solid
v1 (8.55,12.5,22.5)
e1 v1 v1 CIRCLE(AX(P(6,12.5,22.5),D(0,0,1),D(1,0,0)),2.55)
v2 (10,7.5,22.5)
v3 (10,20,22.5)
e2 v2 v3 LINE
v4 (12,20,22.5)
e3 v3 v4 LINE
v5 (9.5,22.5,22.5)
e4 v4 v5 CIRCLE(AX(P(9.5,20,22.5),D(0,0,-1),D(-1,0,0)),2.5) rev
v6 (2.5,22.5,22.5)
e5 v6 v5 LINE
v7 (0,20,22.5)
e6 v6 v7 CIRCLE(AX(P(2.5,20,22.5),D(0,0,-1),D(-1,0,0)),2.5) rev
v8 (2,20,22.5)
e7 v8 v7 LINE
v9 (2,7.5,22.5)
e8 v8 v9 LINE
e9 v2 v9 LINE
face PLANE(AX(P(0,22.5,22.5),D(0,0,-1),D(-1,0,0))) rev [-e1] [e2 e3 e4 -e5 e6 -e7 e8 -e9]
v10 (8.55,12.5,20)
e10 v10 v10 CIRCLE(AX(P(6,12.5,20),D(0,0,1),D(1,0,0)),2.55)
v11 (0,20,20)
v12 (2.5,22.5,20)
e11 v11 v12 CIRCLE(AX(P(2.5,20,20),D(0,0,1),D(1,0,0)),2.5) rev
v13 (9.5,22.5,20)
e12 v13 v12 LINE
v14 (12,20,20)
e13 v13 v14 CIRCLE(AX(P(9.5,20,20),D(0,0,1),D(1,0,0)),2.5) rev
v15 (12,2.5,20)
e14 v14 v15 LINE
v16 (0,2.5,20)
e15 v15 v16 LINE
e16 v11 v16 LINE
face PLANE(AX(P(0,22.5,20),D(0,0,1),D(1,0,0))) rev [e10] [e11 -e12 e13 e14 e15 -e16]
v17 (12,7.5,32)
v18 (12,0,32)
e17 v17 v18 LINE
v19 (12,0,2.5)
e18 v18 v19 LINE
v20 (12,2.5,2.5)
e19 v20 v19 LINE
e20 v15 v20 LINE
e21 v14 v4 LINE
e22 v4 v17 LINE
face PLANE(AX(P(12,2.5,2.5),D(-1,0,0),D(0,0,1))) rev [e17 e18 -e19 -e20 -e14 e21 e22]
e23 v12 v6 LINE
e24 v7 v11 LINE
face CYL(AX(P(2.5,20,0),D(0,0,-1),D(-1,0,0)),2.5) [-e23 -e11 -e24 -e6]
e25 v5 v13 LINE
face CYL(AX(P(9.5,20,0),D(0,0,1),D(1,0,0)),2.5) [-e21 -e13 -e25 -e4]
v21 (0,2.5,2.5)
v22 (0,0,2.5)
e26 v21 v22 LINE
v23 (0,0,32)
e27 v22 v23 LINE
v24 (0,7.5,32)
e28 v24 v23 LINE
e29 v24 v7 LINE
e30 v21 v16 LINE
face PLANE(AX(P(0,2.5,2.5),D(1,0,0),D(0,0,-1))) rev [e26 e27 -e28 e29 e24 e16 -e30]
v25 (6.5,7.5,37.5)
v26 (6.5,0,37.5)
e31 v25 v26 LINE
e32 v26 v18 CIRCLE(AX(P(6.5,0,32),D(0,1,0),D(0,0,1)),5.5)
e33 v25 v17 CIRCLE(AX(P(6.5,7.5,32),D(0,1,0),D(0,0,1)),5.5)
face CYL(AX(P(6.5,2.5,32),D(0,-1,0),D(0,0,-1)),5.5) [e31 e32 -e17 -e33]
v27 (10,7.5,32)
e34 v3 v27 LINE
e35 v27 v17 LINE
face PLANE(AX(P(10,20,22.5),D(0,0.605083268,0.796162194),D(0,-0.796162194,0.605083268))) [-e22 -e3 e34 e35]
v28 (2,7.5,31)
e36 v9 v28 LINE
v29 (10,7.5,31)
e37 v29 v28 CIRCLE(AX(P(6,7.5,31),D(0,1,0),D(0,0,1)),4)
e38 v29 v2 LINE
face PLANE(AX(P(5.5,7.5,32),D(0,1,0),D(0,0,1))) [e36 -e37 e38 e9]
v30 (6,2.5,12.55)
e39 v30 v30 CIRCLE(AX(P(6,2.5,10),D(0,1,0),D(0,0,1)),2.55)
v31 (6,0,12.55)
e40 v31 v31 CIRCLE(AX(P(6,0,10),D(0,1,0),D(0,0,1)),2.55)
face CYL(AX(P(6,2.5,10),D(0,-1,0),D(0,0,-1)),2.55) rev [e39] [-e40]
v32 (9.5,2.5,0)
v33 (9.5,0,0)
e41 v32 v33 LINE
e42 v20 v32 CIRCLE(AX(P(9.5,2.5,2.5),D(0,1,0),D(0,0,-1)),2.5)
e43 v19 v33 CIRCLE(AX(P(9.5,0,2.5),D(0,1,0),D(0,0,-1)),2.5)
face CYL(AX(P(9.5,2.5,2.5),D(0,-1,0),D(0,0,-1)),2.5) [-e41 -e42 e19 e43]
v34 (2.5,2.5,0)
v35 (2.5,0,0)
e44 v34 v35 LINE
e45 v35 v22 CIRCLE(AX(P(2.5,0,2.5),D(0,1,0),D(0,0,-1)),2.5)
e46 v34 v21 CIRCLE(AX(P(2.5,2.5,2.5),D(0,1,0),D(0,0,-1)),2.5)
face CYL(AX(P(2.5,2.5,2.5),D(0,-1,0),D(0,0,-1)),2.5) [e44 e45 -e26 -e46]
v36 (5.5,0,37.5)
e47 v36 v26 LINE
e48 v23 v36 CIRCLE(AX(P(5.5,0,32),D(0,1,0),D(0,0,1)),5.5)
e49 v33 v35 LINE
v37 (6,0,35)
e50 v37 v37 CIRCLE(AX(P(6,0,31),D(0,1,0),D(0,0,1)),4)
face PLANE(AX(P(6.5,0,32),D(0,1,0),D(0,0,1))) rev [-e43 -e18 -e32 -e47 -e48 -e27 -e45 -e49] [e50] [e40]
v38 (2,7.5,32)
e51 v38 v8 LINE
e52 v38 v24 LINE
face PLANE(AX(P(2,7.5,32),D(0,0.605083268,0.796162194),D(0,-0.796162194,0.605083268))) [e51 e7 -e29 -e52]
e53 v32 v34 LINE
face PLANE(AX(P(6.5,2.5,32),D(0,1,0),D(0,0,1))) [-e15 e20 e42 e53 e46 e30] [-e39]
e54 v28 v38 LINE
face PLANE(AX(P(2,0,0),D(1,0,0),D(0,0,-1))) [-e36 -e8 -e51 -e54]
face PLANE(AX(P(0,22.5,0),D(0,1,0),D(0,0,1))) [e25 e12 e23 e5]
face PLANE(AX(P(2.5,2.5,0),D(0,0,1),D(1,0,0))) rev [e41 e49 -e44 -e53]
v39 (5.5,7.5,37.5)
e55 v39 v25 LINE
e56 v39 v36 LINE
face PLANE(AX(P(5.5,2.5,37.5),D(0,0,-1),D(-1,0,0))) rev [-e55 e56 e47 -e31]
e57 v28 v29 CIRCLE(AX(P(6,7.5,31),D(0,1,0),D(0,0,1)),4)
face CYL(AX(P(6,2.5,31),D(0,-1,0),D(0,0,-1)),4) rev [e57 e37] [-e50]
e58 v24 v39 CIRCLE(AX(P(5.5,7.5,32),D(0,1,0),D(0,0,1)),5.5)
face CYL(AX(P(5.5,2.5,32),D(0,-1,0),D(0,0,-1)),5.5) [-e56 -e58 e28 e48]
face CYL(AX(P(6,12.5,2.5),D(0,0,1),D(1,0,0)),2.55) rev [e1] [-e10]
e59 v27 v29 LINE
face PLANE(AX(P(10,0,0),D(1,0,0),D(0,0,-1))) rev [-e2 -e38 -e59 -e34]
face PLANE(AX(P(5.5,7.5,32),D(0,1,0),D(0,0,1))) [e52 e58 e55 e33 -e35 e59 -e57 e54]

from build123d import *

# Parameters (mm, degrees)
SKETCH_1_R          = 2.55
SKETCH_1_R_2        = 4
EXTRUDE_1_DEPTH     = 2.5
SKETCH_2_W          = 12
SKETCH_2_H          = 2.5
EXTRUDE_2_DEPTH     = 20
SKETCH_3_R          = 2.55
CUT_EXTRUDE_1_DEPTH = 20
FILLET_1_R          = 2.5
EXTRUDE_3_DEPTH     = 5
EXTRUDE_4_DEPTH     = 2
EXTRUDE_5_DEPTH     = 2
SKETCH_7_R          = 4
CUT_EXTRUDE_2_DEPTH = 45.161634934


with BuildPart() as part:
    # Эскиз1 → Бобышка-Вытянуть1 (new body)
    with BuildSketch(Plane(origin=(0, 0, 0), x_dir=(1, 0, 0), z_dir=(0, 1, 0))):
        with BuildLine():
            Line((2.5, 0), (9.5, 0))
            ThreePointArc((9.5, 0), (11.267766953, -0.732233047), (12, -2.5))
            Line((12, -2.5), (12, -32))
            ThreePointArc((12, -32), (10.389087297, -35.889087297), (6.5, -37.5))
            Line((6.5, -37.5), (5.5, -37.5))
            ThreePointArc((5.5, -37.5), (1.610912703, -35.889087297), (0, -32))
            Line((0, -32), (0, -2.5))
            ThreePointArc((0, -2.5), (0.732233047, -0.732233047), (2.5, 0))
        make_face()
        with Locations(Location((6, -10, 0), (0, 0, 270))):
            Circle(SKETCH_1_R, mode=Mode.SUBTRACT)
        with Locations(Location((6, -31, 0), (0, 0, 270))):
            Circle(SKETCH_1_R_2, mode=Mode.SUBTRACT)
    extrude(amount=EXTRUDE_1_DEPTH)

    # Эскиз2 → Бобышка-Вытянуть2 (add)
    with BuildSketch(Plane(origin=(0, 2.5, 0), x_dir=(1, 0, 0), z_dir=(0, 1, 0))):
        with Locations((6, -21.25)):
            Rectangle(SKETCH_2_W, SKETCH_2_H)
    extrude(amount=EXTRUDE_2_DEPTH)

    # Эскиз3 → Вырез-Вытянуть1 (cut)
    with BuildSketch(Plane.XY.offset(22.5)):
        with Locations((6, 12.5)):
            Circle(SKETCH_3_R)
    extrude(amount=-CUT_EXTRUDE_1_DEPTH, mode=Mode.SUBTRACT)

    # Скругление1
    fillet_1_edges = [part.edges().sort_by_distance(p)[0] for p in [
        (0, 22.5, 21.25),
        (12, 22.5, 21.25),
    ]]
    fillet(fillet_1_edges, radius=FILLET_1_R)

    # Эскиз4 → Бобышка-Вытянуть3 (add)
    with BuildSketch(Plane(origin=(0, 2.5, 0), x_dir=(1, 0, 0), z_dir=(0, 1, 0))):
        with BuildLine():
            Line((12, -22.5), (0, -22.5))
            Line((0, -22.5), (0, -32))
            ThreePointArc((0, -32), (1.610912703, -35.889087297), (5.5, -37.5))
            Line((5.5, -37.5), (6.5, -37.5))
            ThreePointArc((6.5, -37.5), (10.389087297, -35.889087297), (12, -32))
            Line((12, -32), (12, -22.5))
        make_face()
    extrude(amount=EXTRUDE_3_DEPTH)

    # Эскиз5 → Бобышка-Вытянуть4 (add)
    with BuildSketch(Plane(origin=(12, 0, 0), x_dir=(0, 0, -1), z_dir=(1, 0, 0))):
        Polygon((-32, 7.5), (-22.5, 7.5), (-22.5, 20), align=None)
    extrude(amount=-EXTRUDE_4_DEPTH)

    # Эскиз6 → Бобышка-Вытянуть5 (add)
    with BuildSketch(Plane.ZY):
        Polygon((32, 7.5), (22.5, 20), (22.5, 7.5), align=None)
    extrude(amount=-EXTRUDE_5_DEPTH)

    # Эскиз7 → Вырез-Вытянуть2 (cut, through all)
    with BuildSketch(Plane.XZ.offset(-2.5)):
        with Locations(Location((6, 31, 0), (0, 0, 180))):
            Circle(SKETCH_7_R)
    extrude(amount=-CUT_EXTRUDE_2_DEPTH, mode=Mode.SUBTRACT)


solid = part.part
